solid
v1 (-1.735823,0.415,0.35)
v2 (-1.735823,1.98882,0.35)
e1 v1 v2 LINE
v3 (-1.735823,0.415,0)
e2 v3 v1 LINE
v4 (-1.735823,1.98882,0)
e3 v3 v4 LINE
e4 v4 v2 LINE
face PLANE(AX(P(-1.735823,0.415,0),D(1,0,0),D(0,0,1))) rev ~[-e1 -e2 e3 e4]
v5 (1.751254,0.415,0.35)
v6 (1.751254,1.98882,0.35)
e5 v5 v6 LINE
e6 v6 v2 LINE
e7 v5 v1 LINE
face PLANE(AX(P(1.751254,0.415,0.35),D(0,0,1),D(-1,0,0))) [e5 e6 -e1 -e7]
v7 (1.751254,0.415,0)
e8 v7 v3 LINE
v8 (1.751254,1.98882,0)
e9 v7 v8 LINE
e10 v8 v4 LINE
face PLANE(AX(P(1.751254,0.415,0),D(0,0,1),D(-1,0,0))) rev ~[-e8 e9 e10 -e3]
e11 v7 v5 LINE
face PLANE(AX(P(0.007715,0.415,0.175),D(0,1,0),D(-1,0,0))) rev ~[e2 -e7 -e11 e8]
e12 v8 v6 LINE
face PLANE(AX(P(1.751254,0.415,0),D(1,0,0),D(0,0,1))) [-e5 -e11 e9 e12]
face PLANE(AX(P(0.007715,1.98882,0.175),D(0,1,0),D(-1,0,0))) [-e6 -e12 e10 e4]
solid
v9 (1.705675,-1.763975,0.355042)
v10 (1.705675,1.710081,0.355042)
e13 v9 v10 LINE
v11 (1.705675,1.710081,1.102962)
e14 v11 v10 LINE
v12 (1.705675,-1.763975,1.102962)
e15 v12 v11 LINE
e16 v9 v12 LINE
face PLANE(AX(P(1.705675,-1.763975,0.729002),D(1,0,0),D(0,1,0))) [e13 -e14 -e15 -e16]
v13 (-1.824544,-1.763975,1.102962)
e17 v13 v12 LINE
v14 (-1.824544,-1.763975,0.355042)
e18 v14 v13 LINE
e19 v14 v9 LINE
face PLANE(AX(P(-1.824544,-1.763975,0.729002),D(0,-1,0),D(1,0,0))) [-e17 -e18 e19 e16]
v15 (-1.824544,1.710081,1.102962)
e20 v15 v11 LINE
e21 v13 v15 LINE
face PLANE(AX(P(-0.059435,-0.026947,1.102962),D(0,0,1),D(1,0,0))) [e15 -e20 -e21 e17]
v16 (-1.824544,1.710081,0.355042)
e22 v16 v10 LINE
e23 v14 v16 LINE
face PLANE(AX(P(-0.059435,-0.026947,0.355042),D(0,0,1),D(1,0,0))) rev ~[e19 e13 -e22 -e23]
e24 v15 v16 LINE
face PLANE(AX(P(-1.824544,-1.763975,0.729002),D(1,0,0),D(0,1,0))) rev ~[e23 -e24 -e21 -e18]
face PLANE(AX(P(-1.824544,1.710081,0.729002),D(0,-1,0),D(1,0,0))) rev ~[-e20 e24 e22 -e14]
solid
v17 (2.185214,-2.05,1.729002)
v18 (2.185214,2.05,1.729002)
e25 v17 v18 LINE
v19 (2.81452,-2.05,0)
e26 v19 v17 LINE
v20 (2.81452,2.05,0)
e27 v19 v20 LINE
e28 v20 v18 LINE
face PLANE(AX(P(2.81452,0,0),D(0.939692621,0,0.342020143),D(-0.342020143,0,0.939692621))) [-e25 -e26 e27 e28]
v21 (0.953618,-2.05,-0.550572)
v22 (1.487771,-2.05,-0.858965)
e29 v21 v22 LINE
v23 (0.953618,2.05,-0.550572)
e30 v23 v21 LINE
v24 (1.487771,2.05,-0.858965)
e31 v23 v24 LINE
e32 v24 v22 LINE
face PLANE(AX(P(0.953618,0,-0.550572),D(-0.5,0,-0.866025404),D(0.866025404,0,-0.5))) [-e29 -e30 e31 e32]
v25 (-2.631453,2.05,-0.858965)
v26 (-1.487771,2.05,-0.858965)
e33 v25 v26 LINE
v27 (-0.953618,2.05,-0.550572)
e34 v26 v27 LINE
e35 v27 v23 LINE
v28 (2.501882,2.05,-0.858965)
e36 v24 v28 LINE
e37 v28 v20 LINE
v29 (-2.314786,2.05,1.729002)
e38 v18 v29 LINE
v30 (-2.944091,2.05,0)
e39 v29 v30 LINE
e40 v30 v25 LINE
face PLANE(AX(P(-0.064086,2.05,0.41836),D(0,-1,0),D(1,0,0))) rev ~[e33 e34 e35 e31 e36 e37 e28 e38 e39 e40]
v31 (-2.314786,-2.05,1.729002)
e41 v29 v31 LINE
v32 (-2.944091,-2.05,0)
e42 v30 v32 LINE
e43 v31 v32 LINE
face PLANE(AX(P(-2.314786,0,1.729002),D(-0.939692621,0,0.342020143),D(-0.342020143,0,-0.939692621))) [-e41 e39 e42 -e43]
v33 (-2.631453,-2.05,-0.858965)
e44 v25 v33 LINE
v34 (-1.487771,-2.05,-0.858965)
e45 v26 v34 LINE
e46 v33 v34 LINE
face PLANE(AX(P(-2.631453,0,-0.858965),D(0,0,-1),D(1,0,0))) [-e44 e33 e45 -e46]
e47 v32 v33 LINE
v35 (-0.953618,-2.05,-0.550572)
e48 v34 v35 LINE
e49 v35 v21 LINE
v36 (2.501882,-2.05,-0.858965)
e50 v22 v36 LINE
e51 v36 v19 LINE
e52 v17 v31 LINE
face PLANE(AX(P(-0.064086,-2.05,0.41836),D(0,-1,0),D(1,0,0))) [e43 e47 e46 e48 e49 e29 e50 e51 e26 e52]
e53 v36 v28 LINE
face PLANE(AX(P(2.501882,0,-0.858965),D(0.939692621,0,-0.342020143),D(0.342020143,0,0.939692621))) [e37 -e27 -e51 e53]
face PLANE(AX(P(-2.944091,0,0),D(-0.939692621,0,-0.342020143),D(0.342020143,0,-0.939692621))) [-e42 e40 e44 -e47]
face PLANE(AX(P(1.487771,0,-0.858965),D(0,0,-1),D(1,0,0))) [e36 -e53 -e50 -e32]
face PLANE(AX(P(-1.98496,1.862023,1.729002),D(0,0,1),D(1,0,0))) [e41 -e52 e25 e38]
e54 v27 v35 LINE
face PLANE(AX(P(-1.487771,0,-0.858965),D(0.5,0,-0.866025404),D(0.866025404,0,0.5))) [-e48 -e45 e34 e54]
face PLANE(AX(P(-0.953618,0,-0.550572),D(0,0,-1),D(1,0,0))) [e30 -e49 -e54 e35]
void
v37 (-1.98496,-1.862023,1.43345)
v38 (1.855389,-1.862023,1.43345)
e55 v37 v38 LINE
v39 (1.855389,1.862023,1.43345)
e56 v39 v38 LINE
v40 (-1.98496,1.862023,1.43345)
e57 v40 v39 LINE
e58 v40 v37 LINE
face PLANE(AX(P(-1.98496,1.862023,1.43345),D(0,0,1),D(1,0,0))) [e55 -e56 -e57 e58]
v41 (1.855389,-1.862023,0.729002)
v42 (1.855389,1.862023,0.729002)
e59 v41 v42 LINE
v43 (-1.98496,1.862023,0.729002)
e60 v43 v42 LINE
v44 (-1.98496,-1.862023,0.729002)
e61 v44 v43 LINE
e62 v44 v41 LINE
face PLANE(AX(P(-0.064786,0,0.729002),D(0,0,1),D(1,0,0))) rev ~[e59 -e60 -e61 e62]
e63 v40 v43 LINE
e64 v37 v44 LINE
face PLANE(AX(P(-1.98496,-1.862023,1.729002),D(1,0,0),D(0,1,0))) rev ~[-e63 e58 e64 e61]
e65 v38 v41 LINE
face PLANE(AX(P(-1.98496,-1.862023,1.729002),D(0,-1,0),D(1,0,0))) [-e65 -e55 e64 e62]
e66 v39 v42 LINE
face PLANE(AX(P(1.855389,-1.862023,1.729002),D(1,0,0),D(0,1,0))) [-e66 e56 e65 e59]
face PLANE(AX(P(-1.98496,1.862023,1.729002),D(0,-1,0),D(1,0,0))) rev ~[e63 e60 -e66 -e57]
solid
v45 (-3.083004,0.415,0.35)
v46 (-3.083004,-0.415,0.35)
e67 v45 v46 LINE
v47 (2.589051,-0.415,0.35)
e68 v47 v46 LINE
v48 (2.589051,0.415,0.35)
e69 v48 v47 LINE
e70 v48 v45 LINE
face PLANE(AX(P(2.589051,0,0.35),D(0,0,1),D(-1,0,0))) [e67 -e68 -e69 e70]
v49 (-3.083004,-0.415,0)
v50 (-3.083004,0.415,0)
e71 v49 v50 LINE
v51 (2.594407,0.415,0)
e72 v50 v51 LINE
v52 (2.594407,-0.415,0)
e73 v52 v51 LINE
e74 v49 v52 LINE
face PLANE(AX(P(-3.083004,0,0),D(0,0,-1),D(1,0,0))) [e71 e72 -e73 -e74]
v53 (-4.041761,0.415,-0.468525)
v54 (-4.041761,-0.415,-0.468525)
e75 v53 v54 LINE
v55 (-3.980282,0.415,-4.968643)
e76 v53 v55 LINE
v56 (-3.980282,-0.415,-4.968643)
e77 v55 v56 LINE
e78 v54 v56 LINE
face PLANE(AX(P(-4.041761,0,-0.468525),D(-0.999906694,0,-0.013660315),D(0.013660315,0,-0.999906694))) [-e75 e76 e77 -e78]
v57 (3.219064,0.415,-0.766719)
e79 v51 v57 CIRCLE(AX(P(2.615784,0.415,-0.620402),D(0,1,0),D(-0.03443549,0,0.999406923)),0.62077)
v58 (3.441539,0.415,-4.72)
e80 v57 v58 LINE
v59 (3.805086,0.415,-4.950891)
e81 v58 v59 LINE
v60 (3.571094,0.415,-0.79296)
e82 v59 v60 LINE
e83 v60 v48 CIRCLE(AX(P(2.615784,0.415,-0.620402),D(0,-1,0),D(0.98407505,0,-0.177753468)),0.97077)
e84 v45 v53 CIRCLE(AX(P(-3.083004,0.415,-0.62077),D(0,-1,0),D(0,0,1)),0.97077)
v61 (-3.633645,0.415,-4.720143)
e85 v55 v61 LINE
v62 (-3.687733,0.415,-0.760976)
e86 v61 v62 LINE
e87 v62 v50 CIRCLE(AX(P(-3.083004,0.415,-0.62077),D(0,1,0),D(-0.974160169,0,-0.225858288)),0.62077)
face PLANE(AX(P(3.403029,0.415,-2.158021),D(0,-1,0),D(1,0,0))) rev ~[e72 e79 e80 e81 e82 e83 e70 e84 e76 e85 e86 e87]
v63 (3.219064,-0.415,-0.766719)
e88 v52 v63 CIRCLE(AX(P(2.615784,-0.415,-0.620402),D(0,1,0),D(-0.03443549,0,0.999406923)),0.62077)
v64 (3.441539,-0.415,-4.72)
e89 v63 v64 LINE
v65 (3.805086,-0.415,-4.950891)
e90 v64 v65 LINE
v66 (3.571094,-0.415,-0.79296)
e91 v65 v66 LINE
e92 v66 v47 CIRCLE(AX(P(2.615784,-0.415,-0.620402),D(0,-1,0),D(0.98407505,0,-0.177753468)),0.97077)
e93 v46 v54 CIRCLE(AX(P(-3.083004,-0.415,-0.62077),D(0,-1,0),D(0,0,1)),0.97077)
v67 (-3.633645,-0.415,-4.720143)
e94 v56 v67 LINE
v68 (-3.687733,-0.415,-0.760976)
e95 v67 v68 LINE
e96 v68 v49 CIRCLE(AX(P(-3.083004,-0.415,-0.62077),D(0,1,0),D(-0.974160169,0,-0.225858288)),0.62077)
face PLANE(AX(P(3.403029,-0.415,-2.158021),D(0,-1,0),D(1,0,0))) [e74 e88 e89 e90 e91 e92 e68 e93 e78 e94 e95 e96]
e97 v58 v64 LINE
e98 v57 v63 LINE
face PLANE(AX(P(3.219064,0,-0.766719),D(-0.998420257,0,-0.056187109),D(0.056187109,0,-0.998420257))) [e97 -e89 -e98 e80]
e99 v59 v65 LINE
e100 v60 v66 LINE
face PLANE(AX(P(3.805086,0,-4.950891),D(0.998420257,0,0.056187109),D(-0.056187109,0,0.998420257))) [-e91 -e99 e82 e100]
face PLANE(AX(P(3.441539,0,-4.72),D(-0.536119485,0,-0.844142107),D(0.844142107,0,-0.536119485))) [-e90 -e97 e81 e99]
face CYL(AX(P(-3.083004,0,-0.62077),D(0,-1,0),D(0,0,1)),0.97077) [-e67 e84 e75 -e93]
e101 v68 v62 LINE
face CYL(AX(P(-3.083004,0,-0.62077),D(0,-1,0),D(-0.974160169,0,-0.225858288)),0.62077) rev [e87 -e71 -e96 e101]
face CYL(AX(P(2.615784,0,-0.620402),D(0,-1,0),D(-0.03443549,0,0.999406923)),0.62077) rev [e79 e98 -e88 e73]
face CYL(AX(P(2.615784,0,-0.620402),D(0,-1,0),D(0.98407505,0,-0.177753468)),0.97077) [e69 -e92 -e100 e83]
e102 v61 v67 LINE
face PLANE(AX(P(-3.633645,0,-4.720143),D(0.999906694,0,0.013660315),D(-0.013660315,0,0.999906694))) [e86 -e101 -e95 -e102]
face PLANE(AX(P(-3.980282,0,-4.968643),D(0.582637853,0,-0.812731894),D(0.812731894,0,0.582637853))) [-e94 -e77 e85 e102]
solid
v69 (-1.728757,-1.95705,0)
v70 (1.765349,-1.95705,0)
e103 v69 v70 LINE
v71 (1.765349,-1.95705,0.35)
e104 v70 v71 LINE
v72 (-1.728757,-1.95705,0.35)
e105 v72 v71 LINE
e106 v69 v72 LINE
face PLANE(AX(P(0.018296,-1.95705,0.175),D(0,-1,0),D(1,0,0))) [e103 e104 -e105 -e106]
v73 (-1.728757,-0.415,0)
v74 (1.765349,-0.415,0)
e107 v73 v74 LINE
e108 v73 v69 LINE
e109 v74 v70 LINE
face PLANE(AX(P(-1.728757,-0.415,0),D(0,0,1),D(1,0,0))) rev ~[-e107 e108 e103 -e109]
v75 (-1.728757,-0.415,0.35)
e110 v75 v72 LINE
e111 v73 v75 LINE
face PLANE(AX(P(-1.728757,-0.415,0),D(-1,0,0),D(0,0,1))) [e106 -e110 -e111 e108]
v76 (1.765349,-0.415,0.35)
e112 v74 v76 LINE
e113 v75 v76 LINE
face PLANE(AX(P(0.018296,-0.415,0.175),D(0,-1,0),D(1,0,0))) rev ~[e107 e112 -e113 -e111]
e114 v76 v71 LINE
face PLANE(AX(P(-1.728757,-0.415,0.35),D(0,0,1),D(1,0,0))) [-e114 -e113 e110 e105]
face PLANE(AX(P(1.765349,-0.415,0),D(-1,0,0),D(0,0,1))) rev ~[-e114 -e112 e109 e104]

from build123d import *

# Parameters (mm, degrees)
F1_DEPTH  = 2.05
F3_DEPTH  = 0.415
F4_W      = 3.8403489144
F4_H      = 3.724045353
F5_DEPTH  = 1
F6_W      = 3.4870769596
F6_H      = 0.35
F7_DEPTH  = 1.57382
F8_W      = 3.4941060003
F8_H      = 0.35
F9_DEPTH  = 1.54205
F10_W     = 3.5302189644
F10_H     = 3.4740566043
F11_DEPTH = 0.37396
F12_W     = 3.8403489144
F12_H     = 0.2955522308
F13_DEPTH = 3.724045353


with BuildPart() as f1:
    # F0 (on Front) → F1 (new body, symmetric)
    with BuildSketch(Plane.XZ):
        Polygon((2.1852144086, 1.7290017953), (-2.3147855914, 1.7290017953), (-2.9440907799, 0), (-2.631453128, -0.8589648891), (-1.4877708299, -0.8589648891), (-0.9536180938, -0.5505716632), (0.9536180938, -0.5505716632), (1.4877708299, -0.8589648891), (2.5018819451, -0.8589648891), (2.8145195971, 0), align=None)
    extrude(amount=F1_DEPTH, both=True)

    # F4 (on face) → F5 (cut)
    with BuildSketch(Plane.XY.offset(1.7290017953)):
        with Locations((-0.0647855914, 0)):
            Rectangle(F4_W, F4_H)
    extrude(amount=-F5_DEPTH, mode=Mode.SUBTRACT)

    # F12 (on face) → F13 (join, through all)
    with BuildSketch(Plane.XZ.offset(-1.8620226765)):
        with Locations((-0.0647855914, 1.5812256799)):
            Rectangle(F12_W, F12_H)
    extrude(amount=F13_DEPTH)


with BuildPart() as f3:
    # F2 (on Front) → F3 (new body, symmetric)
    with BuildSketch(Plane.XZ):
        with BuildLine():
            ThreePointArc((2.5944073658, 0), (3.0970502608, -0.2283073486), (3.2190639405, -0.7667187037))
            Line((3.2190639405, -0.7667187037), (3.4415388399, -4.72))
            Line((3.4415388399, -4.72), (3.8050862517, -4.9508910426))
            Line((3.8050862517, -4.9508910426), (3.5710944592, -0.7929596136))
            ThreePointArc((3.5710944592, -0.7929596136), (3.3520943466, 0.0122444512), (2.5890505572, 0.35))
            Line((2.5890505572, 0.35), (2.5944073658, 0))
        make_face()
        Polygon((-3.0830035941, 0), (2.5944073658, 0), (2.5890505572, 0.35), (-3.0830035941, 0.35), align=None)
        with BuildLine():
            ThreePointArc((-3.6877330381, -0.7609760948), (-3.5690031613, -0.234557842), (-3.0830035941, 0))
            Line((-3.0830035941, 0), (-3.0830035941, 0.35))
            ThreePointArc((-3.0830035941, 0.35), (-3.7133207197, 0.1175353104), (-4.0417610478, -0.4685248073))
            Line((-4.0417610478, -0.4685248073), (-3.9802822739, -4.968643482))
            Line((-3.9802822739, -4.968643482), (-3.6336445253, -4.7201429922))
            Line((-3.6336445253, -4.7201429922), (-3.6877330381, -0.7609760948))
        make_face()
    extrude(amount=F3_DEPTH, both=True)


with BuildPart() as f7:
    # F6 (on face) → F7 (new body)
    with BuildSketch(Plane(origin=(0, 0.415, 0), x_dir=(-1, 0, 0), z_dir=(0, 1, 0))):
        with Locations((-0.0077152508, 0.175)):
            Rectangle(F6_W, F6_H)
    extrude(amount=F7_DEPTH)


with BuildPart() as f9:
    # F8 (on face) → F9 (new body)
    with BuildSketch(Plane.XZ.offset(0.415)):
        with Locations((0.018295832, 0.175)):
            Rectangle(F8_W, F8_H)
    extrude(amount=F9_DEPTH)


with BuildPart() as f11:
    # F10 (on face) → F11 (new body, symmetric)
    with BuildSketch(Plane.XY.offset(0.7290017953)):
        with Locations((-0.0594346784, -0.026947062)):
            Rectangle(F10_W, F10_H)
    extrude(amount=F11_DEPTH, both=True)


solid = Compound([f1.part, f3.part, f7.part, f9.part, f11.part])
